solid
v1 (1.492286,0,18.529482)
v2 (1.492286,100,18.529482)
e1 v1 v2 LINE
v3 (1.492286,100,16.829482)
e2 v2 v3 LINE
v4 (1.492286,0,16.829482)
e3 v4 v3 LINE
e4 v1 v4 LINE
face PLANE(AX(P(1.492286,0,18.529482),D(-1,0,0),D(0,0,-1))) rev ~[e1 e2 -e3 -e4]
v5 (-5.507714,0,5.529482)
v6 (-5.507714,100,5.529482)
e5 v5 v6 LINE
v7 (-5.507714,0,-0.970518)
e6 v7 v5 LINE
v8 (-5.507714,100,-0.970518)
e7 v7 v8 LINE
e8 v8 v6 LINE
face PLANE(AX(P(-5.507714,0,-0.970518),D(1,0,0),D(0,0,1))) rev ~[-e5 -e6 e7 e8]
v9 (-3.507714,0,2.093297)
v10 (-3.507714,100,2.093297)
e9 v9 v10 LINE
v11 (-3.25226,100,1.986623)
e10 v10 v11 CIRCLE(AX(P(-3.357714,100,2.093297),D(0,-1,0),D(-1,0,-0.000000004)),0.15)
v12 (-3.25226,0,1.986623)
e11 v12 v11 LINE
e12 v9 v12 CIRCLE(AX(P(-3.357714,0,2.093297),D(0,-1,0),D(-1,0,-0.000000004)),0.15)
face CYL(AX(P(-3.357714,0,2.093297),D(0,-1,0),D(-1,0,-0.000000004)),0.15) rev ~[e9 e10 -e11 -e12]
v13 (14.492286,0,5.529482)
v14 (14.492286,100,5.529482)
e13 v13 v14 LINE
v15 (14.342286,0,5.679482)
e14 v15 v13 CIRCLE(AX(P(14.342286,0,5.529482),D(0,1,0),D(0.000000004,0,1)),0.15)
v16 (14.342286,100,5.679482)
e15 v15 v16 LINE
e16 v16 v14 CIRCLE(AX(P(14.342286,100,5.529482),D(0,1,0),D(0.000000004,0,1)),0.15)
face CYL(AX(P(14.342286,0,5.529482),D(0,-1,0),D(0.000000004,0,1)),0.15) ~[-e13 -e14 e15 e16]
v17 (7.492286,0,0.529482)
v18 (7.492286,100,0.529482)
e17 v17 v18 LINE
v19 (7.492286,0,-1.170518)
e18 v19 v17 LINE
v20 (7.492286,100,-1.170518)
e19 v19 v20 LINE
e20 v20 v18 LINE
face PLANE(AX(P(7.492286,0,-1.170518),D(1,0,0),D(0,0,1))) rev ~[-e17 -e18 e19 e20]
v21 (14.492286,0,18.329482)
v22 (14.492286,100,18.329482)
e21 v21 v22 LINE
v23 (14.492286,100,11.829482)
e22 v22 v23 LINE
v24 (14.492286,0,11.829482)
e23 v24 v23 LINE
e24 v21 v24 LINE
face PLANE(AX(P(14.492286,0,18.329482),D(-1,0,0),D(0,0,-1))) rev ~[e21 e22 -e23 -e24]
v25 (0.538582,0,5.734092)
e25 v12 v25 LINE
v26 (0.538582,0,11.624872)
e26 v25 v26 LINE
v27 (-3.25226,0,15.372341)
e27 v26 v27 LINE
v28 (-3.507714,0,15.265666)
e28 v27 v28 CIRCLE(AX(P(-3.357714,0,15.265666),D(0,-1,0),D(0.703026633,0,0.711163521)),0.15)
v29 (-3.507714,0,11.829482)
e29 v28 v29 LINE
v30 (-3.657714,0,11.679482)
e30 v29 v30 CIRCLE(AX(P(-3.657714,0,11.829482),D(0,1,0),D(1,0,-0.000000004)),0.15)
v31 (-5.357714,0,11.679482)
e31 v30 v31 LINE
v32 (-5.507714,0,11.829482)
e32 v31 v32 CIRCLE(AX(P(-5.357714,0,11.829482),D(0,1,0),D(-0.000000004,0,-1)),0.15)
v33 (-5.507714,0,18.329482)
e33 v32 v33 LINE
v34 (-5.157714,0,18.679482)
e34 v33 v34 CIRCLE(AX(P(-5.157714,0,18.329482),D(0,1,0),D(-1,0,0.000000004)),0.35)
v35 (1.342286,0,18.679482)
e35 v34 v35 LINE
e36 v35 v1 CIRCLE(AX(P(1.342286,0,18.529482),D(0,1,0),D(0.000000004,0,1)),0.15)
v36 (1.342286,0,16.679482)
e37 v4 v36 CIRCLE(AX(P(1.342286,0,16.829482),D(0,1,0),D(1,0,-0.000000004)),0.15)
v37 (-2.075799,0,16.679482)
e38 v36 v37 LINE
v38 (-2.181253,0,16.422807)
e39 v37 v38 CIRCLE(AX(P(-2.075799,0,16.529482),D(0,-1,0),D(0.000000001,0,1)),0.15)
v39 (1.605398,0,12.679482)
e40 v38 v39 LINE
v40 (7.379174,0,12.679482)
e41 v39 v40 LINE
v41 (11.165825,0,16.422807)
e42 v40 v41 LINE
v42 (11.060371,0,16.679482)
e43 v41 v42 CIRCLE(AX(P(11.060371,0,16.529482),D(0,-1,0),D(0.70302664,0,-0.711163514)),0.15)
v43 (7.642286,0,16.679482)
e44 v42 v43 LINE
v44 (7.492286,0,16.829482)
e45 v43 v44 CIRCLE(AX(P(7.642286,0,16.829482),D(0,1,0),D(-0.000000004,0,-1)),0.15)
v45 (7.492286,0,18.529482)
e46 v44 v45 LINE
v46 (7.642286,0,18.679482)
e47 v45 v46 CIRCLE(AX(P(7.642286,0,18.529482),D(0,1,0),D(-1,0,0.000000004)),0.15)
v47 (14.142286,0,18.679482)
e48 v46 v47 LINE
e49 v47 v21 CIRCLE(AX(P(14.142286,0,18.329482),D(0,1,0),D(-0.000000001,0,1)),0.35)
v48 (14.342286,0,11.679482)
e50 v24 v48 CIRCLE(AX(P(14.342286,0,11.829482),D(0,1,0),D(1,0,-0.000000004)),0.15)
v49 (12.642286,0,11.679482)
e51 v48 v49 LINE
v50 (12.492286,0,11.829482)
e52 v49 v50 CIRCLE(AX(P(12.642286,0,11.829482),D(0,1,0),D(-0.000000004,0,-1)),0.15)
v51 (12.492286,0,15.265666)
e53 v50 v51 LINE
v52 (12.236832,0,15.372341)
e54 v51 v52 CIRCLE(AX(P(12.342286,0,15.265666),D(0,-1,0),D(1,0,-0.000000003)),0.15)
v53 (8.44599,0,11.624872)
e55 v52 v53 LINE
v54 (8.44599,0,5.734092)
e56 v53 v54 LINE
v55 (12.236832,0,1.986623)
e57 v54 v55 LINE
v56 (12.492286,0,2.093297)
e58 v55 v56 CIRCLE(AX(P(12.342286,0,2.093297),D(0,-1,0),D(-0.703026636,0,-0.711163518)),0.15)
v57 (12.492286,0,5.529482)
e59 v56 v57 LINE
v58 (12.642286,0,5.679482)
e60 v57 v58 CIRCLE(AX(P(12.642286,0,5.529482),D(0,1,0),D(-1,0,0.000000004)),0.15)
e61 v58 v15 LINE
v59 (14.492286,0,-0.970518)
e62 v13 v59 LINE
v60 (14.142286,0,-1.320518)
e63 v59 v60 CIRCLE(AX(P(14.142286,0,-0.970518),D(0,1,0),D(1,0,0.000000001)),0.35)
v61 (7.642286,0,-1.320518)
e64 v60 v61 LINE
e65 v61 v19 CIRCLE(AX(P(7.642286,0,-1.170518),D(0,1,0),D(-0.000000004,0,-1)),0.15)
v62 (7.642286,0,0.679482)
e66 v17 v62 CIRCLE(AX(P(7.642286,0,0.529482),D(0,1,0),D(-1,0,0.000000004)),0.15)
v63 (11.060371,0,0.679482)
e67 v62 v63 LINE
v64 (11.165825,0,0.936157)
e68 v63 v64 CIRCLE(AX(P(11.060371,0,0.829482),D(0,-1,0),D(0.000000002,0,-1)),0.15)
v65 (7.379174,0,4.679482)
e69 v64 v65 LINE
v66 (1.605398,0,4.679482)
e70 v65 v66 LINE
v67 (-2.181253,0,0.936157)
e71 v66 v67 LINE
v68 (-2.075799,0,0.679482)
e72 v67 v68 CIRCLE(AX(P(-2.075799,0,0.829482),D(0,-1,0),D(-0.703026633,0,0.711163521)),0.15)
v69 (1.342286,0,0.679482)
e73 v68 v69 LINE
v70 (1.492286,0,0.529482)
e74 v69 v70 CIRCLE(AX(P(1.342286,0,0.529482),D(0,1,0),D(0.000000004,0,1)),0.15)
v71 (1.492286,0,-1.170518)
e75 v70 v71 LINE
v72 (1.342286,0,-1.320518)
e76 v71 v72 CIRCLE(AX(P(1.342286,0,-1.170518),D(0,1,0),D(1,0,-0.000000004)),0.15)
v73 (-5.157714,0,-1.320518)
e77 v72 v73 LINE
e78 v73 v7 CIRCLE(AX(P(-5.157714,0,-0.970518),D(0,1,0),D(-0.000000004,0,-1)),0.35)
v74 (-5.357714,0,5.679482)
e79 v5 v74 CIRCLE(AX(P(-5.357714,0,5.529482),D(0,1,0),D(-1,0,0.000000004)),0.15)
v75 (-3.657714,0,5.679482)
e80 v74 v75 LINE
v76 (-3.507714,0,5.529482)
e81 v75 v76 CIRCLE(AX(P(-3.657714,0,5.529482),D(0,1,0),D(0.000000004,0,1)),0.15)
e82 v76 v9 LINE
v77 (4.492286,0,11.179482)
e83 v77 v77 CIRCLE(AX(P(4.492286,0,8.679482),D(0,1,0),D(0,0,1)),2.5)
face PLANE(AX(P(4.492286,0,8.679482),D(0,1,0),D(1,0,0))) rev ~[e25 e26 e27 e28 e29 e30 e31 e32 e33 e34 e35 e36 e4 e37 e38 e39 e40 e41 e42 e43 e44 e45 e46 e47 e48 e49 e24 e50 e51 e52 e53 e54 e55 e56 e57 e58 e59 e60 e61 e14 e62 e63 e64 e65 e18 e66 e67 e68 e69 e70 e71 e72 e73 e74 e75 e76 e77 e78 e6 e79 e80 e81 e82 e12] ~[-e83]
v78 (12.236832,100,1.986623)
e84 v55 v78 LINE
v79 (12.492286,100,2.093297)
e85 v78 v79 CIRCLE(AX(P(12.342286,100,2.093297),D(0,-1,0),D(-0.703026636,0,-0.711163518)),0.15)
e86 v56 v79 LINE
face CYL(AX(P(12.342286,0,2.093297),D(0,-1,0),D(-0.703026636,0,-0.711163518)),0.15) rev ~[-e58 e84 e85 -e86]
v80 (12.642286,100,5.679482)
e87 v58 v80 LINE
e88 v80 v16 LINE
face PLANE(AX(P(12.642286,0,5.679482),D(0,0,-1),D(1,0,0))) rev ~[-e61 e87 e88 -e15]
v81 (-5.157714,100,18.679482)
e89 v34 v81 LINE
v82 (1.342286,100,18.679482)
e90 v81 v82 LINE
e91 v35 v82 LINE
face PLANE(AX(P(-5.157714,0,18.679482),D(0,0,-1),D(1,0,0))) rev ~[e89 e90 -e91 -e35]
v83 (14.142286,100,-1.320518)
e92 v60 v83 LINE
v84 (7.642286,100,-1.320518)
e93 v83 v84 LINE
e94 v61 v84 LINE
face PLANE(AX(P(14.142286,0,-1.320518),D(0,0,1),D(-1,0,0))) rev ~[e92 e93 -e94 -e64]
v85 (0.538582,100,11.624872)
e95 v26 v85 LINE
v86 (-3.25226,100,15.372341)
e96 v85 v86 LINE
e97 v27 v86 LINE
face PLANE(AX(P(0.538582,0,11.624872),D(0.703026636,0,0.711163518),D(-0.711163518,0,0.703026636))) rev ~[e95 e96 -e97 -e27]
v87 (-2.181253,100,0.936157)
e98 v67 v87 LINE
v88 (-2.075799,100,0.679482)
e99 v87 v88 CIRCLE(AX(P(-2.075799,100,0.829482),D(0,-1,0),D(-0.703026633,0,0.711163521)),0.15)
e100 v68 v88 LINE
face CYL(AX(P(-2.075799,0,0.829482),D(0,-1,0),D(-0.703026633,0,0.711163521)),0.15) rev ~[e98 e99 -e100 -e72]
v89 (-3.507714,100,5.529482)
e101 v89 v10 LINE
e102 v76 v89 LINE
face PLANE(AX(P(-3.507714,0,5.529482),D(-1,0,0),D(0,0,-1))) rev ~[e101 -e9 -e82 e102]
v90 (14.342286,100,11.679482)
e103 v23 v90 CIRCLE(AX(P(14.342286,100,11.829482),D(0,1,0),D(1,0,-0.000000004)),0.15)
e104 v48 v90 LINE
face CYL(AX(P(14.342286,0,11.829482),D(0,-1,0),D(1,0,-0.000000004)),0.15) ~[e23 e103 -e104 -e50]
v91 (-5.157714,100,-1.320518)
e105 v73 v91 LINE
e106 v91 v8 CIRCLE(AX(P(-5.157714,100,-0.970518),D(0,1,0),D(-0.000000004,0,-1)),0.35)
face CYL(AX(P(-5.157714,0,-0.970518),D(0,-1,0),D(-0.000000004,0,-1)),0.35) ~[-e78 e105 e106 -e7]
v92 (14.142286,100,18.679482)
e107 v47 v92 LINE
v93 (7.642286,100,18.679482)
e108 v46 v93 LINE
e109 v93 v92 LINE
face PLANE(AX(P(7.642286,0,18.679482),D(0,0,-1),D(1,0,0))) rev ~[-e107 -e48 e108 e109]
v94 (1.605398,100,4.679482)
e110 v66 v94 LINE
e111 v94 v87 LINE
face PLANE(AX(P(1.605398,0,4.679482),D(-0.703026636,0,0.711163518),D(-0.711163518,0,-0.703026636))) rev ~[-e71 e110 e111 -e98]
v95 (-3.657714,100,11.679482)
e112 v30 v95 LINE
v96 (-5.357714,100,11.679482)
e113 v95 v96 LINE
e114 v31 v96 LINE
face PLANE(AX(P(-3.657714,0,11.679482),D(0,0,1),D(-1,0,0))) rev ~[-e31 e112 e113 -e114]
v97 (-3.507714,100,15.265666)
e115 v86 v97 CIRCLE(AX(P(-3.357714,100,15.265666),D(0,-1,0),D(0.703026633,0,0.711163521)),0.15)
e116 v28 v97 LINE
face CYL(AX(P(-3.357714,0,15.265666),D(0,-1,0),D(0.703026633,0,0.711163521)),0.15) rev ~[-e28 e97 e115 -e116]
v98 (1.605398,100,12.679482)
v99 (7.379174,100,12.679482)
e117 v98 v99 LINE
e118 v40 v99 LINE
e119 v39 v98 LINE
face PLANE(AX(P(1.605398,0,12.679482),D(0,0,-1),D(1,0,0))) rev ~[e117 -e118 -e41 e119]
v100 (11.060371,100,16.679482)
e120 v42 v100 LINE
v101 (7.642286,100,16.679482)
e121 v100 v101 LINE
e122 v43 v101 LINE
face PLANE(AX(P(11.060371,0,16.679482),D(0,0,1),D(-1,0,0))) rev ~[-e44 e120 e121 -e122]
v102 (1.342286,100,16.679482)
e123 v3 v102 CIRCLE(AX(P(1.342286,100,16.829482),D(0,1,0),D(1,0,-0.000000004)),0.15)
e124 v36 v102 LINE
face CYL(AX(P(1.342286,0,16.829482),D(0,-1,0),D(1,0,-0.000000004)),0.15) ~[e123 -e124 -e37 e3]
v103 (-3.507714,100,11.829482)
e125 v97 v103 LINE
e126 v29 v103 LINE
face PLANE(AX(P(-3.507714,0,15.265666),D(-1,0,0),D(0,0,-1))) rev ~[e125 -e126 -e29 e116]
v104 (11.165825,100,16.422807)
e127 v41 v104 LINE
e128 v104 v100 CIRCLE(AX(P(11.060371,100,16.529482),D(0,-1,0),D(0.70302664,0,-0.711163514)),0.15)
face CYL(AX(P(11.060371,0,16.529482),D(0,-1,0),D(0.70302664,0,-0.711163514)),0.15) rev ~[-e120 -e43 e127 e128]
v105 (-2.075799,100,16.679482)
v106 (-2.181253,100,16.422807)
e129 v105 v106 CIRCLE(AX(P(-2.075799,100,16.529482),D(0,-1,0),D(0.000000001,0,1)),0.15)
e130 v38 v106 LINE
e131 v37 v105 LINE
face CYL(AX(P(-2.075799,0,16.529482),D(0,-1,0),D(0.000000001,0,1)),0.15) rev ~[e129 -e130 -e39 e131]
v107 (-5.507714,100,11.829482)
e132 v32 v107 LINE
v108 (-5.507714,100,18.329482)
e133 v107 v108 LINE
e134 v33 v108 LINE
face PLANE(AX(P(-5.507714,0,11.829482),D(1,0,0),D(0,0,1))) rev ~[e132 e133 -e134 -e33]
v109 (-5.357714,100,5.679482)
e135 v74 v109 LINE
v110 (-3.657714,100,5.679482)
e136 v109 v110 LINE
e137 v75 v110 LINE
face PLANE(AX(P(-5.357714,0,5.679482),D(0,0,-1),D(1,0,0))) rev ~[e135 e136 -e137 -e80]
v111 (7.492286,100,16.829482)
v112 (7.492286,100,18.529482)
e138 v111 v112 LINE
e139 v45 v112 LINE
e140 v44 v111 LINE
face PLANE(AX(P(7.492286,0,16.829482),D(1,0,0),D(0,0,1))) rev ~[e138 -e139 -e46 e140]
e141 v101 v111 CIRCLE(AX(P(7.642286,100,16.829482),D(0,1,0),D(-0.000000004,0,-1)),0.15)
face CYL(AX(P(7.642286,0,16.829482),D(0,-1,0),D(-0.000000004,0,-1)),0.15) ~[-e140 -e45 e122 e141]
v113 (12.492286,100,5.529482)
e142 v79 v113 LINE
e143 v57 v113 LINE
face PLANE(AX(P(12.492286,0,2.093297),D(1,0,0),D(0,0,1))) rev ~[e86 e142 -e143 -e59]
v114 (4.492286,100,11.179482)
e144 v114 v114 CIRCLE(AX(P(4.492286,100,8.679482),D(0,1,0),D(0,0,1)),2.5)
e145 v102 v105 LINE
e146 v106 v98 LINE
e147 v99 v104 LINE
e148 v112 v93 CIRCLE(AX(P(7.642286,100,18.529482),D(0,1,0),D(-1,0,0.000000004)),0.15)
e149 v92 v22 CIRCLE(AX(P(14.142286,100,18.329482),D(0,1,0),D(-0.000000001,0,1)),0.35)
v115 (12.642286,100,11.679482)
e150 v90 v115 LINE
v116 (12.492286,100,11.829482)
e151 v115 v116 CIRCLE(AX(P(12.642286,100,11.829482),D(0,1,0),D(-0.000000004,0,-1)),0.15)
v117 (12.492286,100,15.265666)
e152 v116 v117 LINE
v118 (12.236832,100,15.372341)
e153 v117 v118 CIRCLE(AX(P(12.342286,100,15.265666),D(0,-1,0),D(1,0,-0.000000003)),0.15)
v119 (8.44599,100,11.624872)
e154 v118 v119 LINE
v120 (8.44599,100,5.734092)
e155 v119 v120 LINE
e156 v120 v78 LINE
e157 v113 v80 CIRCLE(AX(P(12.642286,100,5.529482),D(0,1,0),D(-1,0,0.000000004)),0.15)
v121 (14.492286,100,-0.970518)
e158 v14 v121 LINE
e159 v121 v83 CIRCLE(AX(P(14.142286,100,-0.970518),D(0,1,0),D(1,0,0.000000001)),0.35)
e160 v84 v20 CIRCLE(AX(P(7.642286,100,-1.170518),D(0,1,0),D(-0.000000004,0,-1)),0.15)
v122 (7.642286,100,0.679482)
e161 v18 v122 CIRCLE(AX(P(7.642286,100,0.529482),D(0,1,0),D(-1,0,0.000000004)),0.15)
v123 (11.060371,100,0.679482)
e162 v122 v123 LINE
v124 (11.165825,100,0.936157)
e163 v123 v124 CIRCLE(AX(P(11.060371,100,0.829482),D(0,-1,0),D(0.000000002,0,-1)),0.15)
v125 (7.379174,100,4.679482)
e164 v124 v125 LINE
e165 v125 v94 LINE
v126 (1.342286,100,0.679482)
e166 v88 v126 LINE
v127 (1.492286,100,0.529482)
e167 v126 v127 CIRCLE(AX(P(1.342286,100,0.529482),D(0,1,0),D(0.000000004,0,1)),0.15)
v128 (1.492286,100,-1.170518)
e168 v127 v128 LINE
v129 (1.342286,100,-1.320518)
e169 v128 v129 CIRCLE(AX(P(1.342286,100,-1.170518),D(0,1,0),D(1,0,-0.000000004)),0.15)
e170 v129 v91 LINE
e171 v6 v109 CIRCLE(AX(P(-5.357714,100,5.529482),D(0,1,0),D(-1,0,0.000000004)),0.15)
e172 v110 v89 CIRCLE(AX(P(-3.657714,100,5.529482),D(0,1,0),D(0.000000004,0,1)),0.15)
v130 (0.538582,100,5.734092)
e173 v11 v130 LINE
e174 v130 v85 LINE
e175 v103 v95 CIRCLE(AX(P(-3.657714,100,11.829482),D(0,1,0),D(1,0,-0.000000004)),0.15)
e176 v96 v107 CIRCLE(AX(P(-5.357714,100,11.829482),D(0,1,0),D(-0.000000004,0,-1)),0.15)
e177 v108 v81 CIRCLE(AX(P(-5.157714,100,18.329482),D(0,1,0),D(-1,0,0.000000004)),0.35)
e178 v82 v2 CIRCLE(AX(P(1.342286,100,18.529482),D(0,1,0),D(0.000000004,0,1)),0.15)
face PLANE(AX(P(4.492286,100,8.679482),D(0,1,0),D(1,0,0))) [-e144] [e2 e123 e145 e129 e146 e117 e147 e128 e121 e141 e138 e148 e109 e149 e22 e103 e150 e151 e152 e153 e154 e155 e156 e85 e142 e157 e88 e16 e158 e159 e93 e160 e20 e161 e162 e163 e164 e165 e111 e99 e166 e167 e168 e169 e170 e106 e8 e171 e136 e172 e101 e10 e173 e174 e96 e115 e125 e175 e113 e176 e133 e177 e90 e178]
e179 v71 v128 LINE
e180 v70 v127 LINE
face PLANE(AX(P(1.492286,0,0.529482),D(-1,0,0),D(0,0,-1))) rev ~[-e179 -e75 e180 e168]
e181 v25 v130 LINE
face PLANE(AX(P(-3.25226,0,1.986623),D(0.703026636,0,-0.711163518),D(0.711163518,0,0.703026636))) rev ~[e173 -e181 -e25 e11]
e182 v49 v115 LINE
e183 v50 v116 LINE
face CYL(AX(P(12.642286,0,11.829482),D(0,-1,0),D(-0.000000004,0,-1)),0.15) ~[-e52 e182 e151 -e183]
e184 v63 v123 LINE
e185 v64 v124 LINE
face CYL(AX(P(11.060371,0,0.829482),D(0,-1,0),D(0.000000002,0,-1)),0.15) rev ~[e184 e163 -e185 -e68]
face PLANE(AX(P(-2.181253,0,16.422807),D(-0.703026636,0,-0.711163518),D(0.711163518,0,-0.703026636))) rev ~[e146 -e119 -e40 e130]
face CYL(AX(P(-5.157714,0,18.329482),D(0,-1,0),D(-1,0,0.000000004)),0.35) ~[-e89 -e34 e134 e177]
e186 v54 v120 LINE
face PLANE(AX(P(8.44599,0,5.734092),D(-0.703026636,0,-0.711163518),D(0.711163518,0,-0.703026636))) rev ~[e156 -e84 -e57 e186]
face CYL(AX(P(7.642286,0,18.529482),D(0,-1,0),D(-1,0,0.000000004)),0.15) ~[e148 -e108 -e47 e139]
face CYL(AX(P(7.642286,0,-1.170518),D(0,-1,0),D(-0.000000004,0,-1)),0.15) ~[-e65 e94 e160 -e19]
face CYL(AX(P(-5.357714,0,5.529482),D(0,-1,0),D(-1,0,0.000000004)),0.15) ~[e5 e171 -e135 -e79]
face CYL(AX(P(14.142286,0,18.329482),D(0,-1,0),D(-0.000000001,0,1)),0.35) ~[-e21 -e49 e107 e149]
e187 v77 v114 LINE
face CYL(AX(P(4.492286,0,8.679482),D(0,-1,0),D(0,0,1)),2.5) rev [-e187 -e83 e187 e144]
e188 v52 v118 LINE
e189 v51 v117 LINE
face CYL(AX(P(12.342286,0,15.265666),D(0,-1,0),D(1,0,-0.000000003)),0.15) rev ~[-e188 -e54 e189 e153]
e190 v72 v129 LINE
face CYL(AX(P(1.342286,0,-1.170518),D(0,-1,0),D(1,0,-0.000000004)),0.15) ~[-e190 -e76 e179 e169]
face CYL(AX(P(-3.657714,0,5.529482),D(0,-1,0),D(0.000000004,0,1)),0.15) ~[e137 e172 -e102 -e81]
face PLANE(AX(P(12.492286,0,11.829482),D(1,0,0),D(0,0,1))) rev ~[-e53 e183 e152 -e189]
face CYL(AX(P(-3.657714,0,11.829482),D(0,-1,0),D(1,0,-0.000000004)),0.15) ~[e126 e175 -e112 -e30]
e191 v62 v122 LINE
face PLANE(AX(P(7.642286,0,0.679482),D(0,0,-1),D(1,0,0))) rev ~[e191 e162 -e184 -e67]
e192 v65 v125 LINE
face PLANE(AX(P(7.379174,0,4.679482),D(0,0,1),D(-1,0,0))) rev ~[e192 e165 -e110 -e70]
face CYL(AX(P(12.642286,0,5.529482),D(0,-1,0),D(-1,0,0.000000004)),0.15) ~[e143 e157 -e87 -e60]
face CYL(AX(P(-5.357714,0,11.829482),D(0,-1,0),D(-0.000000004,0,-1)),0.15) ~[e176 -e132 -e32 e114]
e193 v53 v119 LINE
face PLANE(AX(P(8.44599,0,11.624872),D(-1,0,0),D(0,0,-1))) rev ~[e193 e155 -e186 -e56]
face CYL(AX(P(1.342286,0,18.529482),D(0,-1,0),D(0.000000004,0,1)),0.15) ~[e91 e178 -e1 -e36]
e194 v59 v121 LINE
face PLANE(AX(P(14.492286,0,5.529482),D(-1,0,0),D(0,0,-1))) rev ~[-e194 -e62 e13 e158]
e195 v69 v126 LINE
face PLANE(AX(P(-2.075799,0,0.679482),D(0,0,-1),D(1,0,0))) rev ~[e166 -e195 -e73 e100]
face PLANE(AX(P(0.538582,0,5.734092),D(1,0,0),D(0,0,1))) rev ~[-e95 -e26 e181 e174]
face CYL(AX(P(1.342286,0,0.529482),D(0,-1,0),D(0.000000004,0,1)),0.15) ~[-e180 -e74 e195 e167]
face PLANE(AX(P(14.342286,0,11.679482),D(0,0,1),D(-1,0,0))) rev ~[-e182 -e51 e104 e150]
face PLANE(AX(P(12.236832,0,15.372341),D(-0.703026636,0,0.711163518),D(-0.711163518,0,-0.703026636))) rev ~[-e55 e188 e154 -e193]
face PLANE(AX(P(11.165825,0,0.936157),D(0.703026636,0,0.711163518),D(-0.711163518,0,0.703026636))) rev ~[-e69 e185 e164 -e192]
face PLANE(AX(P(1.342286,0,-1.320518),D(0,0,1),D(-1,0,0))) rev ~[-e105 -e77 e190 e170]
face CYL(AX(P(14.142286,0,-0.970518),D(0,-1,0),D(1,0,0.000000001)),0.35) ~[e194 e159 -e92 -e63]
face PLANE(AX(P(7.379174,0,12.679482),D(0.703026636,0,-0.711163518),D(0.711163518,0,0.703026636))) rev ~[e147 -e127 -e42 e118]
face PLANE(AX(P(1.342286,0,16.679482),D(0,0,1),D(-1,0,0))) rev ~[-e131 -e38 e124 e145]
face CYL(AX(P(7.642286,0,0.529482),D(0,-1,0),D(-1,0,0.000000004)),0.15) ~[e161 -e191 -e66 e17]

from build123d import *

# Parameters (mm, degrees)
SKETCH1_R           = 2.5
BOSS_EXTRUDE1_DEPTH = 100


with BuildPart() as part:
    # Sketch1 → Boss-Extrude1 (new body)
    with BuildSketch(Plane(origin=(0, 0, 0), x_dir=(1, 0, 0), z_dir=(0, 1, 0))):
        with BuildLine():
            Line((-5.357713917, -5.679481981), (-3.657713917, -5.679481981))
            ThreePointArc((-3.657713917, -5.679481981), (-3.5516479, -5.635547998), (-3.507713917, -5.529481981))
            Line((-3.507713917, -5.529481981), (-3.507713917, -2.093297468))
            ThreePointArc((-3.507713917, -2.093297468), (-3.415514871, -1.954881249), (-3.252259921, -1.98662294))
            Line((-3.252259921, -1.98662294), (0.53858238, -5.734091759))
            Line((0.53858238, -5.734091759), (0.53858238, -11.624872203))
            Line((0.53858238, -11.624872203), (-3.252259921, -15.372341022))
            ThreePointArc((-3.252259921, -15.372341022), (-3.415514871, -15.404082713), (-3.507713917, -15.265666494))
            Line((-3.507713917, -15.265666494), (-3.507713917, -11.829481981))
            ThreePointArc((-3.507713917, -11.829481981), (-3.5516479, -11.723415964), (-3.657713917, -11.679481981))
            Line((-3.657713917, -11.679481981), (-5.357713917, -11.679481981))
            ThreePointArc((-5.357713917, -11.679481981), (-5.463779934, -11.723415964), (-5.507713917, -11.829481981))
            Line((-5.507713917, -11.829481981), (-5.507713917, -18.329481981))
            ThreePointArc((-5.507713917, -18.329481981), (-5.40520129, -18.576969354), (-5.157713917, -18.679481981))
            Line((-5.157713917, -18.679481981), (1.342286083, -18.679481981))
            ThreePointArc((1.342286083, -18.679481981), (1.4483521, -18.635547998), (1.492286083, -18.529481981))
            Line((1.492286083, -18.529481981), (1.492286083, -16.829481981))
            ThreePointArc((1.492286083, -16.829481981), (1.4483521, -16.723415964), (1.342286083, -16.679481981))
            Line((1.342286083, -16.679481981), (-2.075798714, -16.679481981))
            ThreePointArc((-2.075798714, -16.679481981), (-2.214545208, -16.586485581), (-2.181252709, -16.422807453))
            Line((-2.181252709, -16.422807453), (1.605398289, -12.679481981))
            Line((1.605398289, -12.679481981), (7.379173877, -12.679481981))
            Line((7.379173877, -12.679481981), (11.165824876, -16.422807453))
            ThreePointArc((11.165824876, -16.422807453), (11.199117374, -16.586485581), (11.06037088, -16.679481981))
            Line((11.06037088, -16.679481981), (7.642286083, -16.679481981))
            ThreePointArc((7.642286083, -16.679481981), (7.536220066, -16.723415964), (7.492286083, -16.829481981))
            Line((7.492286083, -16.829481981), (7.492286083, -18.529481981))
            ThreePointArc((7.492286083, -18.529481981), (7.536220066, -18.635547998), (7.642286083, -18.679481981))
            Line((7.642286083, -18.679481981), (14.142286083, -18.679481981))
            ThreePointArc((14.142286083, -18.679481981), (14.389773457, -18.576969354), (14.492286083, -18.329481981))
            Line((14.492286083, -18.329481981), (14.492286083, -11.829481981))
            ThreePointArc((14.492286083, -11.829481981), (14.4483521, -11.723415964), (14.342286083, -11.679481981))
            Line((14.342286083, -11.679481981), (12.642286083, -11.679481981))
            ThreePointArc((12.642286083, -11.679481981), (12.536220066, -11.723415964), (12.492286083, -11.829481981))
            Line((12.492286083, -11.829481981), (12.492286083, -15.265666494))
            ThreePointArc((12.492286083, -15.265666494), (12.400087038, -15.404082713), (12.236832088, -15.372341022))
            Line((12.236832088, -15.372341022), (8.445989787, -11.624872203))
            Line((8.445989787, -11.624872203), (8.445989787, -5.734091759))
            Line((8.445989787, -5.734091759), (12.236832088, -1.98662294))
            ThreePointArc((12.236832088, -1.98662294), (12.400087038, -1.954881249), (12.492286083, -2.093297468))
            Line((12.492286083, -2.093297468), (12.492286083, -5.529481981))
            ThreePointArc((12.492286083, -5.529481981), (12.536220066, -5.635547998), (12.642286083, -5.679481981))
            Line((12.642286083, -5.679481981), (14.342286083, -5.679481981))
            ThreePointArc((14.342286083, -5.679481981), (14.4483521, -5.635547998), (14.492286083, -5.529481981))
            Line((14.492286083, -5.529481981), (14.492286083, 0.970518019))
            ThreePointArc((14.492286083, 0.970518019), (14.389773457, 1.218005392), (14.142286083, 1.320518019))
            Line((14.142286083, 1.320518019), (7.642286083, 1.320518019))
            ThreePointArc((7.642286083, 1.320518019), (7.536220066, 1.276584036), (7.492286083, 1.170518019))
            Line((7.492286083, 1.170518019), (7.492286083, -0.529481981))
            ThreePointArc((7.492286083, -0.529481981), (7.536220066, -0.635547998), (7.642286083, -0.679481981))
            Line((7.642286083, -0.679481981), (11.06037088, -0.679481981))
            ThreePointArc((11.06037088, -0.679481981), (11.199117374, -0.772478381), (11.165824876, -0.936156509))
            Line((11.165824876, -0.936156509), (7.379173877, -4.679481981))
            Line((7.379173877, -4.679481981), (1.605398289, -4.679481981))
            Line((1.605398289, -4.679481981), (-2.181252709, -0.936156509))
            ThreePointArc((-2.181252709, -0.936156509), (-2.214545208, -0.772478381), (-2.075798714, -0.679481981))
            Line((-2.075798714, -0.679481981), (1.342286083, -0.679481981))
            ThreePointArc((1.342286083, -0.679481981), (1.4483521, -0.635547998), (1.492286083, -0.529481981))
            Line((1.492286083, -0.529481981), (1.492286083, 1.170518019))
            ThreePointArc((1.492286083, 1.170518019), (1.4483521, 1.276584036), (1.342286083, 1.320518019))
            Line((1.342286083, 1.320518019), (-5.157713917, 1.320518019))
            ThreePointArc((-5.157713917, 1.320518019), (-5.40520129, 1.218005392), (-5.507713917, 0.970518019))
            Line((-5.507713917, 0.970518019), (-5.507713917, -5.529481981))
            ThreePointArc((-5.507713917, -5.529481981), (-5.463779934, -5.635547998), (-5.357713917, -5.679481981))
        make_face()
        with Locations(Location((4.492286083, -8.679481981, 0), (0, 0, 270))):
            Circle(SKETCH1_R, mode=Mode.SUBTRACT)
    extrude(amount=BOSS_EXTRUDE1_DEPTH)


solid = part.part
